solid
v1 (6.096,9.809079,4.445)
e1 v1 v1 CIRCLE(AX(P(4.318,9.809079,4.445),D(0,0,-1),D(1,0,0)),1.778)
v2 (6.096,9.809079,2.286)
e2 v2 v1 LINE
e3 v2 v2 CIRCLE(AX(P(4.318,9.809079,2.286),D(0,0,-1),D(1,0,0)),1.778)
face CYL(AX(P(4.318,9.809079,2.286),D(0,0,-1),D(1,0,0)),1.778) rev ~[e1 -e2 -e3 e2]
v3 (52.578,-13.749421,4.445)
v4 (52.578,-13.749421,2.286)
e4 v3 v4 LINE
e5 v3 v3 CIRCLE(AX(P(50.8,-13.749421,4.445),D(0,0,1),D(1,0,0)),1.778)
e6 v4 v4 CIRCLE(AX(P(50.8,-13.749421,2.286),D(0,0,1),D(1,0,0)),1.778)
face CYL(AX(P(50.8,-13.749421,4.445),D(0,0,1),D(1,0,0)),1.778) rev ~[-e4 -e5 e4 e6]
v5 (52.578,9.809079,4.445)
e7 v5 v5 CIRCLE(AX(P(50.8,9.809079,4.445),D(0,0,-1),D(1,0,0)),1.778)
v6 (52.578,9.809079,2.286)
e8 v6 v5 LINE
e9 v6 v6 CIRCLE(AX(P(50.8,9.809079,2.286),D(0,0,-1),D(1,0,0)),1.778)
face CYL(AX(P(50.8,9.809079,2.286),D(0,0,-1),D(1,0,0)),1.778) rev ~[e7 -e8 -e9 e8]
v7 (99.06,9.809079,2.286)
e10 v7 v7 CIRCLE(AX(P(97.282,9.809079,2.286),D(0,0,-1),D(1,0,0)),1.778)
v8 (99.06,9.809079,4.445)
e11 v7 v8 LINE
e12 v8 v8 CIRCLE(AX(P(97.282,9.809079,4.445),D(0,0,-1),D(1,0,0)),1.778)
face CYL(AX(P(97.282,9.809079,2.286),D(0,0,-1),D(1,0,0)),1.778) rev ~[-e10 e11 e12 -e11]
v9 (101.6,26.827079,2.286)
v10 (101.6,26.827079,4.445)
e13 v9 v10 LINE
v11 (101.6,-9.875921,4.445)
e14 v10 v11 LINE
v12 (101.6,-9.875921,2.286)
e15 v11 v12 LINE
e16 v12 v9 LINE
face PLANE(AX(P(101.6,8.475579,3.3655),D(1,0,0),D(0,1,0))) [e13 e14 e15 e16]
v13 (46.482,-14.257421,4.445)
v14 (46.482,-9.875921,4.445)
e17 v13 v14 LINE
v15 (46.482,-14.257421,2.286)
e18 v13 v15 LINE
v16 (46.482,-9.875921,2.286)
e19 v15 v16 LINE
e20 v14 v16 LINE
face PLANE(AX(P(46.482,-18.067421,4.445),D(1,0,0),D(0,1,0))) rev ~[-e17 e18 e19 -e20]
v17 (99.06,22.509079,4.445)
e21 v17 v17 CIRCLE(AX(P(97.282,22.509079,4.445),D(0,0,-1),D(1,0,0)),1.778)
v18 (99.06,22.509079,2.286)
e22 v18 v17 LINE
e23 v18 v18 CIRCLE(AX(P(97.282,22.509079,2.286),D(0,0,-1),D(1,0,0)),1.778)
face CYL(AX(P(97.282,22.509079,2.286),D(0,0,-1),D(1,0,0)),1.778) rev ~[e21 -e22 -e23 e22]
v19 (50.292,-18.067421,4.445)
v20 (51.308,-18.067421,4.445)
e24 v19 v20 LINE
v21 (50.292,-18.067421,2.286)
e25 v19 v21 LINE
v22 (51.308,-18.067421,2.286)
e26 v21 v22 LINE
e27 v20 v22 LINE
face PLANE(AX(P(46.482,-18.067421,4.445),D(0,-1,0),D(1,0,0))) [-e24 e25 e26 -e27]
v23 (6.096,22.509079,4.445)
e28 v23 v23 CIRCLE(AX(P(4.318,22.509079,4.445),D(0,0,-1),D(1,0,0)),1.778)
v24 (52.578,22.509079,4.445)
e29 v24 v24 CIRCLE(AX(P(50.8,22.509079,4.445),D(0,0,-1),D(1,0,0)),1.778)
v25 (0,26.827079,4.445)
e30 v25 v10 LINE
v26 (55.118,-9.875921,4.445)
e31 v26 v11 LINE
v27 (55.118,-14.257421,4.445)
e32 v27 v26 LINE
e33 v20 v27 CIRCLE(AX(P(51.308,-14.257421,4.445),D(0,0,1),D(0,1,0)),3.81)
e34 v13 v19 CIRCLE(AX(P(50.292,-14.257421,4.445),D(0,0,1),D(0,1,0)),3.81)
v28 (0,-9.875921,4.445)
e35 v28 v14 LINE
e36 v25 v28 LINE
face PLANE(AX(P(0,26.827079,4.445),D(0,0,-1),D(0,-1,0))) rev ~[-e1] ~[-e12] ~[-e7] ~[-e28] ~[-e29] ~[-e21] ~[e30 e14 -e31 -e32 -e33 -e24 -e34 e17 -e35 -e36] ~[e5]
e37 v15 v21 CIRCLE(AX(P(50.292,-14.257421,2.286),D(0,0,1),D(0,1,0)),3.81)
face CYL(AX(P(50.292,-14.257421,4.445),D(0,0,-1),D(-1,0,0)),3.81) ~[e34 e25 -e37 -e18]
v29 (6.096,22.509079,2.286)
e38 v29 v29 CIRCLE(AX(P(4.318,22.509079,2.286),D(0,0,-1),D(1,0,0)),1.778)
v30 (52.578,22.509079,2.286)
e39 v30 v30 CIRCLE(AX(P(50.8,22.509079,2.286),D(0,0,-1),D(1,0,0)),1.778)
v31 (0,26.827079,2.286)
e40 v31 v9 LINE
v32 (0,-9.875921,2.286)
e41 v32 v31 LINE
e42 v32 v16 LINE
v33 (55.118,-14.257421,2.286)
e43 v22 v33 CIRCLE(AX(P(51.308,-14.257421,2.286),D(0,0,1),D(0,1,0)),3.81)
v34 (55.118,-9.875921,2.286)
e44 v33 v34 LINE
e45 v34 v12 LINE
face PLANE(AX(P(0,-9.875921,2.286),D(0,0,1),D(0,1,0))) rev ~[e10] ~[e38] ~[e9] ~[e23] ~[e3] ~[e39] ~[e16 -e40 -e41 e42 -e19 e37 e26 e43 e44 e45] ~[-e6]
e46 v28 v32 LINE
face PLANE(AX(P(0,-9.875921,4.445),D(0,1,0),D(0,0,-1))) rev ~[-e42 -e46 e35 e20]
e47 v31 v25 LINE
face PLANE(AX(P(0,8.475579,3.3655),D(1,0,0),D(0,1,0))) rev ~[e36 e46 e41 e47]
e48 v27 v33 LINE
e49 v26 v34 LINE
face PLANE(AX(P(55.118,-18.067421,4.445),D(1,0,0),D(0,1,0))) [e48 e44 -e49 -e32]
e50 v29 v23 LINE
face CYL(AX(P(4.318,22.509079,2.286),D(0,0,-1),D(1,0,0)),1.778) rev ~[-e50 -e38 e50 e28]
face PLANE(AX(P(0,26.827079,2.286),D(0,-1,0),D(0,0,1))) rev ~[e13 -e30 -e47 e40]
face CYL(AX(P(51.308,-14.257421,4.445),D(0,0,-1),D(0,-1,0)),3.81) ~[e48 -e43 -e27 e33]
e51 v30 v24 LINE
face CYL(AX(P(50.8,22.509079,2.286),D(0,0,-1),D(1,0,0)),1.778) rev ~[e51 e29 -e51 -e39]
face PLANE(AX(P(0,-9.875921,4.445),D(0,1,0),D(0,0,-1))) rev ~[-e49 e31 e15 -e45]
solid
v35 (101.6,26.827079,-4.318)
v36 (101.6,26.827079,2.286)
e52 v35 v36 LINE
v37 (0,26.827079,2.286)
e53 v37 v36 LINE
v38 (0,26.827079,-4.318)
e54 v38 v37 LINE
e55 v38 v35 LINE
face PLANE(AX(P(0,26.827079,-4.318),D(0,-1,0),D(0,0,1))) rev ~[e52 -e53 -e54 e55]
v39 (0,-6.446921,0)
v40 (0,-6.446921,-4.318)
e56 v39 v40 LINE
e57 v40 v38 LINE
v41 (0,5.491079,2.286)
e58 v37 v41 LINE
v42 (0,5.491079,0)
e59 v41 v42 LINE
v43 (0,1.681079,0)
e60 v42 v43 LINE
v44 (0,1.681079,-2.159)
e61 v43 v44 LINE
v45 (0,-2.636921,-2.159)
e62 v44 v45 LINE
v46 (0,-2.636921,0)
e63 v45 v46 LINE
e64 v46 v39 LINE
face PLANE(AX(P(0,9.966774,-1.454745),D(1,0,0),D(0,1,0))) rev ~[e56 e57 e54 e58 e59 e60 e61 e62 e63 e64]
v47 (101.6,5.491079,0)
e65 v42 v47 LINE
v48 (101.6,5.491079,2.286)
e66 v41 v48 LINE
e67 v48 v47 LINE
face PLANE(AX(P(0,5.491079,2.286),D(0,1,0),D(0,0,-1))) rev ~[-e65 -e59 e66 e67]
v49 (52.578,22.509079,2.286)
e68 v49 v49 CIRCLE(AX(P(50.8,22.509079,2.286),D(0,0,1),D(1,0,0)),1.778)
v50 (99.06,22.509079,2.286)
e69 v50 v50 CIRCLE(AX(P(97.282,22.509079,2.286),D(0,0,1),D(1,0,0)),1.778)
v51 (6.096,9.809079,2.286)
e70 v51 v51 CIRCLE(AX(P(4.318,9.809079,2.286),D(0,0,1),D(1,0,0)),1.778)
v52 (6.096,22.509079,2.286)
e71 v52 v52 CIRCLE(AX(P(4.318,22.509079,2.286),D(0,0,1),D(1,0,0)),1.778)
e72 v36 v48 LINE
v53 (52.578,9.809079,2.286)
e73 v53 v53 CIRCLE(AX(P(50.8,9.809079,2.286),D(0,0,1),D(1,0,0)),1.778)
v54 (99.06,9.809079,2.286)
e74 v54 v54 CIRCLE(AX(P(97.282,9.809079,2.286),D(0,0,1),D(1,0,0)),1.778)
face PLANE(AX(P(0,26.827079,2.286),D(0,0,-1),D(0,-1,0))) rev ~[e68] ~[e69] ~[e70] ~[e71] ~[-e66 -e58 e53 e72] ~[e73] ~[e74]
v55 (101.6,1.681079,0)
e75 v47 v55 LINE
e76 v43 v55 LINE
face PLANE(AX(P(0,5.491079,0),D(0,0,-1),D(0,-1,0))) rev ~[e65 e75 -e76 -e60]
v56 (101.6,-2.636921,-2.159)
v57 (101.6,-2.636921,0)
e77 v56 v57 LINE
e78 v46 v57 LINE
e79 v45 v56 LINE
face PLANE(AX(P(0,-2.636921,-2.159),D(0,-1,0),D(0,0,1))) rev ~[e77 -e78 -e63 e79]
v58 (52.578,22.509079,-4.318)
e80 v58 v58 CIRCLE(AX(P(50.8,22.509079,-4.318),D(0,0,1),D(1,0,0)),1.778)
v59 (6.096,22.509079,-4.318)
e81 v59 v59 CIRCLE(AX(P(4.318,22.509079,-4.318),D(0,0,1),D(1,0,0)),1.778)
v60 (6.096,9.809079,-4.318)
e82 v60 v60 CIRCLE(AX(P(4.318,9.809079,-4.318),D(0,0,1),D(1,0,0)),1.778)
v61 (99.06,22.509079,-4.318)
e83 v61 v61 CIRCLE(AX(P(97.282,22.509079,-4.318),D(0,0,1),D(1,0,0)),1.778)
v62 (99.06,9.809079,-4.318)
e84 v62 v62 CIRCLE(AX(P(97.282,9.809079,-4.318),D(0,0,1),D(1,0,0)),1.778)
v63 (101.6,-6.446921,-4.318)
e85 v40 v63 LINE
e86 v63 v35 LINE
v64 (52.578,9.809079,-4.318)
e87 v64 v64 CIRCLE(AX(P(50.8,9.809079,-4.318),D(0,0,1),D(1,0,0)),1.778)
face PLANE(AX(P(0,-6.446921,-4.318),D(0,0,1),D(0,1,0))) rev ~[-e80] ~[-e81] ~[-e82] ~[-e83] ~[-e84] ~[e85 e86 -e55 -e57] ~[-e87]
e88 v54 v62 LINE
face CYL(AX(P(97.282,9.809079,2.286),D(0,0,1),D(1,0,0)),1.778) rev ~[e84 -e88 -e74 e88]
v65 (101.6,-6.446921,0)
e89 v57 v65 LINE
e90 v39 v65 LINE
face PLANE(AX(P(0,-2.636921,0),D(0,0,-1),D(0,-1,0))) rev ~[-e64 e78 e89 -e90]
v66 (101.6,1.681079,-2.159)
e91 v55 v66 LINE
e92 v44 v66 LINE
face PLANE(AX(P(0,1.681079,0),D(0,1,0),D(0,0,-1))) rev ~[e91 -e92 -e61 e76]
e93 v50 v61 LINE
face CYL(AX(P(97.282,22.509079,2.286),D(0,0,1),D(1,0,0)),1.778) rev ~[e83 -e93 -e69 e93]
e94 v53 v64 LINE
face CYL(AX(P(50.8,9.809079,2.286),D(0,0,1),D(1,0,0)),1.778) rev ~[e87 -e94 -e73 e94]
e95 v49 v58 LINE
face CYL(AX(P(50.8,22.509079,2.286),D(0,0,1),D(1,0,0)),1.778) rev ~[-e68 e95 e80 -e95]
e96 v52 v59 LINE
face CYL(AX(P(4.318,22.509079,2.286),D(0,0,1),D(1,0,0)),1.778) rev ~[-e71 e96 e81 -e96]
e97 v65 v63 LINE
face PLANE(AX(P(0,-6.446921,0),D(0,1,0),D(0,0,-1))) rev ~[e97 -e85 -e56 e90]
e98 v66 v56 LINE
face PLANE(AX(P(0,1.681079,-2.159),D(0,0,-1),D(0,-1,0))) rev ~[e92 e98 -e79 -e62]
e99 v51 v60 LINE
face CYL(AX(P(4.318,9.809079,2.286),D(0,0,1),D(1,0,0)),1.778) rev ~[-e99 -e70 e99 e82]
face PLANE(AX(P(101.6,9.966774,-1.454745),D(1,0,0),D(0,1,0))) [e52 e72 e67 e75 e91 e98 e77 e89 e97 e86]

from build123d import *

# Parameters (mm, degrees)
F1_DEPTH = 101.6
F2_R     = 1.778
F3_DEPTH = 6.605
F5_DEPTH = 101.6
F6_R     = 1.778
F7_DEPTH = 2.16
F8_W     = 8.636
F8_H     = 8.1915
F8_R     = 1.778
F9_DEPTH = 2.159
F10_R    = 3.81


with BuildPart() as f1:
    # F0 (on Right) → F1 (new body)
    with BuildSketch(Plane.YZ):
        Polygon((-6.446921, 0), (-6.446921, -4.318), (26.827079, -4.318), (26.827079, 0), (26.827079, 2.286), (5.491079, 2.286), (5.491079, 0), (1.681079, 0), (1.681079, -2.159), (-2.636921, -2.159), (-2.636921, 0), align=None)
    extrude(amount=F1_DEPTH)

    # F2 (on face) → F3 (cut, through all)
    with BuildSketch(Plane.XY.offset(2.286)):
        with Locations((97.282, 9.809079)):
            Circle(F2_R)
        with Locations((97.282, 22.509079)):
            Circle(F2_R)
        with Locations((4.318, 9.809079)):
            Circle(F2_R)
        with Locations((4.318, 22.509079)):
            Circle(F2_R)
        with Locations((50.8, 9.809079)):
            Circle(F2_R)
        with Locations((50.8, 22.509079)):
            Circle(F2_R)
    extrude(amount=-F3_DEPTH, mode=Mode.SUBTRACT)


with BuildPart() as f5:
    # F4 (on Right) → F5 (new body, through all)
    with BuildSketch(Plane.YZ):
        Polygon((-9.875921, 4.445), (-9.875921, 2.286), (5.491079, 2.286), (26.827079, 2.286), (26.827079, 4.445), align=None)
    extrude(amount=F5_DEPTH)

    # F6 (on face) → F7 (cut, through all)
    with BuildSketch(Plane(origin=(0, 0, 2.286), x_dir=(1, 0, 0), z_dir=(0, 0, -1))):
        with Locations((97.282, -9.809079)):
            Circle(F6_R)
        with Locations((50.8, -9.809079)):
            Circle(F6_R)
        with Locations((4.318, -9.809079)):
            Circle(F6_R)
        with Locations((4.318, -22.509079)):
            Circle(F6_R)
        with Locations((50.8, -22.509079)):
            Circle(F6_R)
        with Locations((97.282, -22.509079)):
            Circle(F6_R)
    extrude(amount=-F7_DEPTH, mode=Mode.SUBTRACT)

    # F8 (on face) → F9 (join, through all)
    with BuildSketch(Plane.XY.offset(4.445)):
        with Locations((50.8, -13.971671)):
            Rectangle(F8_W, F8_H)
        with Locations((50.8, -13.749421)):
            Circle(F8_R, mode=Mode.SUBTRACT)
    extrude(amount=-F9_DEPTH)

    # F10
    f10_edges = [f5.edges().sort_by_distance(p)[0] for p in [
        (55.118, -18.067421, 3.3655),
        (46.482, -18.067421, 3.3655),
    ]]
    fillet(f10_edges, radius=F10_R)


solid = Compound([f1.part, f5.part])
